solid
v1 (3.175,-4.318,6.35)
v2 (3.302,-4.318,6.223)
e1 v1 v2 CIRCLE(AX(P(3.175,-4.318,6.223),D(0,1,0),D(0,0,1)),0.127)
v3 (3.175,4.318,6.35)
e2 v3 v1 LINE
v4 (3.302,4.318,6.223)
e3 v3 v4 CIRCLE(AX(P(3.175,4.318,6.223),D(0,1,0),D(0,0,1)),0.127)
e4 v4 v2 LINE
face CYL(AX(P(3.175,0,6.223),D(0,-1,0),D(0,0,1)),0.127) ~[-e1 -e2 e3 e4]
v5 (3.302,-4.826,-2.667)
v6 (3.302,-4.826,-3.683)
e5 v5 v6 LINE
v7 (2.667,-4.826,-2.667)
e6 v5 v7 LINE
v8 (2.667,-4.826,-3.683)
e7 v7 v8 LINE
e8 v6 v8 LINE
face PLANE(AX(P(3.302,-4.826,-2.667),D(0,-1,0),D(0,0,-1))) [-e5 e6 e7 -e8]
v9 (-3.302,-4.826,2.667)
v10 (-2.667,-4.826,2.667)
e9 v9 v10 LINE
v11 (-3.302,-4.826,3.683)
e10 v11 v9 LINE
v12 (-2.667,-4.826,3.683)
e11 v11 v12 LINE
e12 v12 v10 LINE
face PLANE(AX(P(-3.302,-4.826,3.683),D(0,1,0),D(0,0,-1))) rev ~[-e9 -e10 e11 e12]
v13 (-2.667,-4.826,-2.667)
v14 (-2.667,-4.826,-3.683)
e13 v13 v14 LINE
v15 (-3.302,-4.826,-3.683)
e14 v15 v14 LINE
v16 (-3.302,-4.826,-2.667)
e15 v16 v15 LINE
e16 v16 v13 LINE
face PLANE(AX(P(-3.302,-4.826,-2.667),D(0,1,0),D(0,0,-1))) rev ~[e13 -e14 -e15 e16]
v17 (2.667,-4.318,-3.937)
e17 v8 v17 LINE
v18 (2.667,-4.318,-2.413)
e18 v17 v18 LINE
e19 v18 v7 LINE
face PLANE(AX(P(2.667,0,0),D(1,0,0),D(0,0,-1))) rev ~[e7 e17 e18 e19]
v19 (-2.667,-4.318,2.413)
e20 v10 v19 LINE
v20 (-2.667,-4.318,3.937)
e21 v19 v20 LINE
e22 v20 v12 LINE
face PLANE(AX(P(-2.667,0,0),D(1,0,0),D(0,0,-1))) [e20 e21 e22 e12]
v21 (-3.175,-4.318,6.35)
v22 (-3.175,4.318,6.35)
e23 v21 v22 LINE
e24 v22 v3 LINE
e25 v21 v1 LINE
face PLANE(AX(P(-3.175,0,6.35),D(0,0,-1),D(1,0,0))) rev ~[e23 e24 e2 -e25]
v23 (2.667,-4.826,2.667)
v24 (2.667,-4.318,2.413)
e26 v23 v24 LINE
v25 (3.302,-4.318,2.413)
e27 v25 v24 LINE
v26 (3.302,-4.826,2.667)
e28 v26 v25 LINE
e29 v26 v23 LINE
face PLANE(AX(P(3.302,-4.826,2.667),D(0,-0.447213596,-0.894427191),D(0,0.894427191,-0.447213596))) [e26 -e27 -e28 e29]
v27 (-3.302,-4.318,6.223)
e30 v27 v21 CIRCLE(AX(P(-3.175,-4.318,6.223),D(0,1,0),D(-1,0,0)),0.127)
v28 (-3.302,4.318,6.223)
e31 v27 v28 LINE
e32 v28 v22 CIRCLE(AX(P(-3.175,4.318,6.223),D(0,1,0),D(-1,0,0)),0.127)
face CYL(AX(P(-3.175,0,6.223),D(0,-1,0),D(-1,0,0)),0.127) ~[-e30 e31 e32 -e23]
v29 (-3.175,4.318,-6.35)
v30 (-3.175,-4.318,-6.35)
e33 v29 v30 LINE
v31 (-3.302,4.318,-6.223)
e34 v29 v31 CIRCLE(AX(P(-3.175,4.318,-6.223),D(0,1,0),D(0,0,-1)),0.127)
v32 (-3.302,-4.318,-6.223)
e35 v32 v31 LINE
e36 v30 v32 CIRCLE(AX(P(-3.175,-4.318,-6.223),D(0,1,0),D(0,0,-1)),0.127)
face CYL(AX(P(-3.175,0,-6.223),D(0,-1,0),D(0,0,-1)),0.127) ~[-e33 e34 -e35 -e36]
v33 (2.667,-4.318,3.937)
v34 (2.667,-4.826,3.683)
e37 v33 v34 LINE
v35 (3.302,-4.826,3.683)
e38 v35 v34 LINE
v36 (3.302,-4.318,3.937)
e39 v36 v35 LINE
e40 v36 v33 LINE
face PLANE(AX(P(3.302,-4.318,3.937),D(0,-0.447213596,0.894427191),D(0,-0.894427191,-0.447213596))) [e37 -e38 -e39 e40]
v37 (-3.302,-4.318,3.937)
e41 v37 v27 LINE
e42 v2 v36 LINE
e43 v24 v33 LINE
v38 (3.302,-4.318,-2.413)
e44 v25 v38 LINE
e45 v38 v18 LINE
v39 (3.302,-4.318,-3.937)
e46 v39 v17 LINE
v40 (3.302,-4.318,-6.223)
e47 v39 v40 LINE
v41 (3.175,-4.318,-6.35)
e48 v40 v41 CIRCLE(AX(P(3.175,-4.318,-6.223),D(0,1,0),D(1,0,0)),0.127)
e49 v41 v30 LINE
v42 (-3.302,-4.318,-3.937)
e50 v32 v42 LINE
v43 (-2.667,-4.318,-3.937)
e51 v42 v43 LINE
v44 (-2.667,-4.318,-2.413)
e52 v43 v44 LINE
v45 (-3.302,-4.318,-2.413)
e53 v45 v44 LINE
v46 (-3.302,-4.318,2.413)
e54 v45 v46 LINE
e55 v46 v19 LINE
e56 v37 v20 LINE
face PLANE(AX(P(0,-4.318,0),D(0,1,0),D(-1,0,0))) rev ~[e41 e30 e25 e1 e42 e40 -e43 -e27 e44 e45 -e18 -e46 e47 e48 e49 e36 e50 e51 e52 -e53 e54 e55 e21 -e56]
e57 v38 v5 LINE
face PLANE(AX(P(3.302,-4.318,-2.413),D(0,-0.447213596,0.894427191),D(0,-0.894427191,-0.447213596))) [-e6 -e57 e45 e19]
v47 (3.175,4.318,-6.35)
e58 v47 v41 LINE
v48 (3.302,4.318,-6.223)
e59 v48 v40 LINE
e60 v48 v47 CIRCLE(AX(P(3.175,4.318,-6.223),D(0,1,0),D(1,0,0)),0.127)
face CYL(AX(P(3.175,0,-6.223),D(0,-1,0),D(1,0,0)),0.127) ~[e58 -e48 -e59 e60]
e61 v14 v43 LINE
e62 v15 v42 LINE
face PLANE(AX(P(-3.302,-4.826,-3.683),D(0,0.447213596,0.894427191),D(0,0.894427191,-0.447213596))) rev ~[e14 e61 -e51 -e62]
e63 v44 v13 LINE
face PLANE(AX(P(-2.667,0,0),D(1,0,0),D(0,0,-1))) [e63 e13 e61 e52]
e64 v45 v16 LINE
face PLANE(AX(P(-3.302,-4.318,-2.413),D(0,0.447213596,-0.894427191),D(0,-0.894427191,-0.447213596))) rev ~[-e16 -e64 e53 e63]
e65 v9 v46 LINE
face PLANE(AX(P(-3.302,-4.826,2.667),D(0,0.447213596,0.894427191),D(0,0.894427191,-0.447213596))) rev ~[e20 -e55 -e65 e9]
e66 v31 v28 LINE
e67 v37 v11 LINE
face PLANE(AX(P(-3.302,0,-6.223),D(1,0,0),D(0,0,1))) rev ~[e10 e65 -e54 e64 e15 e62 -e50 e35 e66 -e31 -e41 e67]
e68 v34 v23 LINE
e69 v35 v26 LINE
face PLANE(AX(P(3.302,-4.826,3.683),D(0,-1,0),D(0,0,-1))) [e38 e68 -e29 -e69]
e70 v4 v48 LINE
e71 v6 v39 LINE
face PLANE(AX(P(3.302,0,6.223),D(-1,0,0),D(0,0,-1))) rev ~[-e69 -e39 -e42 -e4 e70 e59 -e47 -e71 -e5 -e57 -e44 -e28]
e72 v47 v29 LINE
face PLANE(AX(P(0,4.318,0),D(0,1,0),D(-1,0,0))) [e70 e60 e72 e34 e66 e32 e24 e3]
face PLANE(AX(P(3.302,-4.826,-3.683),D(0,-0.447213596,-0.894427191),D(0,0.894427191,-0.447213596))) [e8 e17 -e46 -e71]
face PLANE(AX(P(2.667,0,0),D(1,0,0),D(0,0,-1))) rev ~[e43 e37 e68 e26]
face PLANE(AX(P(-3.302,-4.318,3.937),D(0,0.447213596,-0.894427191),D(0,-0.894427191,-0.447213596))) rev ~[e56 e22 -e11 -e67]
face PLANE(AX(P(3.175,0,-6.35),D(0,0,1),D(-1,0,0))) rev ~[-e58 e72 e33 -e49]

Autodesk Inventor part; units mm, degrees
sketch "Sketch_1" plane through (0, 0, 0) normal (0, 1, 0) x (-1, 0, 0)
  line L0 (3.302, -6.223) -> (3.302, 6.223)
  arc A0 (3.302, 6.223) -> (3.175, 6.35) centre (3.175, 6.223) ccw
  line L1 (3.175, 6.35) -> (-3.175, 6.35)
  arc A1 (-3.175, 6.35) -> (-3.302, 6.223) centre (-3.175, 6.223) ccw
  line L2 (-3.302, 6.223) -> (-3.302, -6.223)
  arc A2 (-3.302, -6.223) -> (-3.175, -6.35) centre (-3.175, -6.223) ccw
  line L3 (-3.175, -6.35) -> (3.175, -6.35)
  arc A3 (3.175, -6.35) -> (3.302, -6.223) centre (3.175, -6.223) ccw
extrude "Extrusion1" add sketch "Sketch_1" along normal mid plane 8.636
sketch "Sketch_2" plane through (3.302, 0, 0) normal (1, 0, 0) x (0, 0, -1)
  line L0 (-3.937, -4.318) -> (-3.683, -4.826)
  line L1 (-3.683, -4.826) -> (-2.667, -4.826)
  line L2 (-2.667, -4.826) -> (-2.413, -4.318)
  line L3 (-2.413, -4.318) -> (-3.937, -4.318)
extrude "Extrusion2" add sketch "Sketch_2" against normal blind 0.635
sketch "Sketch_3" plane through (3.302, 0, 0) normal (1, 0, 0) x (0, 0, -1)
  line L0 (2.413, -4.318) -> (2.667, -4.826)
  line L1 (2.667, -4.826) -> (3.683, -4.826)
  line L2 (3.683, -4.826) -> (3.937, -4.318)
  line L3 (3.937, -4.318) -> (2.413, -4.318)
extrude "Extrusion3" add sketch "Sketch_3" against normal blind 0.635
sketch "Sketch_4" plane through (-3.302, 0, 0) normal (1, 0, 0) x (0, 0, -1)
  line L0 (-3.937, -4.318) -> (-3.683, -4.826)
  line L1 (-3.683, -4.826) -> (-2.667, -4.826)
  line L2 (-2.667, -4.826) -> (-2.413, -4.318)
  line L3 (-2.413, -4.318) -> (-3.937, -4.318)
extrude "Extrusion4" add sketch "Sketch_4" along normal blind 0.635
sketch "Sketch_5" plane through (-3.302, 0, 0) normal (1, 0, 0) x (0, 0, -1)
  line L0 (2.413, -4.318) -> (2.667, -4.826)
  line L1 (2.667, -4.826) -> (3.683, -4.826)
  line L2 (3.683, -4.826) -> (3.937, -4.318)
  line L3 (3.937, -4.318) -> (2.413, -4.318)
extrude "Extrusion5" add sketch "Sketch_5" along normal blind 0.635
ref_plane "bushing_XY" through (0, 4.318, 0) normal (0, -1, 0) x (1, 0, 0)
ref_plane "bushing_YZ" through (0, 4.318, 0) normal (1, 0, 0) x (0, 0, 1)
ref_plane "bushing_ZX" through (0, 4.318, 0) normal (0, 0, 1) x (0, -1, 0)
ref_plane "dummy_body_XY" through (0, 0, 0) normal (0, 1, 0) x (1, 0, 0)
ref_plane "dummy_body_YZ" through (0, 0, 0) normal (1, 0, 0) x (0, 0, -1)
ref_plane "dummy_body_ZX" through (0, 0, 0) normal (0, 0, -1) x (0, 1, 0)
ref_plane "terminals_XY" through (0, -4.191, 0) normal (0, 1, 0) x (1, 0, 0)
ref_plane "terminals_YZ" through (0, -4.191, 0) normal (1, 0, 0) x (0, 0, -1)
ref_plane "terminals_ZX" through (0, -4.191, 0) normal (0, 0, -1) x (0, 1, 0)
properties part number "M2T1S03body"
